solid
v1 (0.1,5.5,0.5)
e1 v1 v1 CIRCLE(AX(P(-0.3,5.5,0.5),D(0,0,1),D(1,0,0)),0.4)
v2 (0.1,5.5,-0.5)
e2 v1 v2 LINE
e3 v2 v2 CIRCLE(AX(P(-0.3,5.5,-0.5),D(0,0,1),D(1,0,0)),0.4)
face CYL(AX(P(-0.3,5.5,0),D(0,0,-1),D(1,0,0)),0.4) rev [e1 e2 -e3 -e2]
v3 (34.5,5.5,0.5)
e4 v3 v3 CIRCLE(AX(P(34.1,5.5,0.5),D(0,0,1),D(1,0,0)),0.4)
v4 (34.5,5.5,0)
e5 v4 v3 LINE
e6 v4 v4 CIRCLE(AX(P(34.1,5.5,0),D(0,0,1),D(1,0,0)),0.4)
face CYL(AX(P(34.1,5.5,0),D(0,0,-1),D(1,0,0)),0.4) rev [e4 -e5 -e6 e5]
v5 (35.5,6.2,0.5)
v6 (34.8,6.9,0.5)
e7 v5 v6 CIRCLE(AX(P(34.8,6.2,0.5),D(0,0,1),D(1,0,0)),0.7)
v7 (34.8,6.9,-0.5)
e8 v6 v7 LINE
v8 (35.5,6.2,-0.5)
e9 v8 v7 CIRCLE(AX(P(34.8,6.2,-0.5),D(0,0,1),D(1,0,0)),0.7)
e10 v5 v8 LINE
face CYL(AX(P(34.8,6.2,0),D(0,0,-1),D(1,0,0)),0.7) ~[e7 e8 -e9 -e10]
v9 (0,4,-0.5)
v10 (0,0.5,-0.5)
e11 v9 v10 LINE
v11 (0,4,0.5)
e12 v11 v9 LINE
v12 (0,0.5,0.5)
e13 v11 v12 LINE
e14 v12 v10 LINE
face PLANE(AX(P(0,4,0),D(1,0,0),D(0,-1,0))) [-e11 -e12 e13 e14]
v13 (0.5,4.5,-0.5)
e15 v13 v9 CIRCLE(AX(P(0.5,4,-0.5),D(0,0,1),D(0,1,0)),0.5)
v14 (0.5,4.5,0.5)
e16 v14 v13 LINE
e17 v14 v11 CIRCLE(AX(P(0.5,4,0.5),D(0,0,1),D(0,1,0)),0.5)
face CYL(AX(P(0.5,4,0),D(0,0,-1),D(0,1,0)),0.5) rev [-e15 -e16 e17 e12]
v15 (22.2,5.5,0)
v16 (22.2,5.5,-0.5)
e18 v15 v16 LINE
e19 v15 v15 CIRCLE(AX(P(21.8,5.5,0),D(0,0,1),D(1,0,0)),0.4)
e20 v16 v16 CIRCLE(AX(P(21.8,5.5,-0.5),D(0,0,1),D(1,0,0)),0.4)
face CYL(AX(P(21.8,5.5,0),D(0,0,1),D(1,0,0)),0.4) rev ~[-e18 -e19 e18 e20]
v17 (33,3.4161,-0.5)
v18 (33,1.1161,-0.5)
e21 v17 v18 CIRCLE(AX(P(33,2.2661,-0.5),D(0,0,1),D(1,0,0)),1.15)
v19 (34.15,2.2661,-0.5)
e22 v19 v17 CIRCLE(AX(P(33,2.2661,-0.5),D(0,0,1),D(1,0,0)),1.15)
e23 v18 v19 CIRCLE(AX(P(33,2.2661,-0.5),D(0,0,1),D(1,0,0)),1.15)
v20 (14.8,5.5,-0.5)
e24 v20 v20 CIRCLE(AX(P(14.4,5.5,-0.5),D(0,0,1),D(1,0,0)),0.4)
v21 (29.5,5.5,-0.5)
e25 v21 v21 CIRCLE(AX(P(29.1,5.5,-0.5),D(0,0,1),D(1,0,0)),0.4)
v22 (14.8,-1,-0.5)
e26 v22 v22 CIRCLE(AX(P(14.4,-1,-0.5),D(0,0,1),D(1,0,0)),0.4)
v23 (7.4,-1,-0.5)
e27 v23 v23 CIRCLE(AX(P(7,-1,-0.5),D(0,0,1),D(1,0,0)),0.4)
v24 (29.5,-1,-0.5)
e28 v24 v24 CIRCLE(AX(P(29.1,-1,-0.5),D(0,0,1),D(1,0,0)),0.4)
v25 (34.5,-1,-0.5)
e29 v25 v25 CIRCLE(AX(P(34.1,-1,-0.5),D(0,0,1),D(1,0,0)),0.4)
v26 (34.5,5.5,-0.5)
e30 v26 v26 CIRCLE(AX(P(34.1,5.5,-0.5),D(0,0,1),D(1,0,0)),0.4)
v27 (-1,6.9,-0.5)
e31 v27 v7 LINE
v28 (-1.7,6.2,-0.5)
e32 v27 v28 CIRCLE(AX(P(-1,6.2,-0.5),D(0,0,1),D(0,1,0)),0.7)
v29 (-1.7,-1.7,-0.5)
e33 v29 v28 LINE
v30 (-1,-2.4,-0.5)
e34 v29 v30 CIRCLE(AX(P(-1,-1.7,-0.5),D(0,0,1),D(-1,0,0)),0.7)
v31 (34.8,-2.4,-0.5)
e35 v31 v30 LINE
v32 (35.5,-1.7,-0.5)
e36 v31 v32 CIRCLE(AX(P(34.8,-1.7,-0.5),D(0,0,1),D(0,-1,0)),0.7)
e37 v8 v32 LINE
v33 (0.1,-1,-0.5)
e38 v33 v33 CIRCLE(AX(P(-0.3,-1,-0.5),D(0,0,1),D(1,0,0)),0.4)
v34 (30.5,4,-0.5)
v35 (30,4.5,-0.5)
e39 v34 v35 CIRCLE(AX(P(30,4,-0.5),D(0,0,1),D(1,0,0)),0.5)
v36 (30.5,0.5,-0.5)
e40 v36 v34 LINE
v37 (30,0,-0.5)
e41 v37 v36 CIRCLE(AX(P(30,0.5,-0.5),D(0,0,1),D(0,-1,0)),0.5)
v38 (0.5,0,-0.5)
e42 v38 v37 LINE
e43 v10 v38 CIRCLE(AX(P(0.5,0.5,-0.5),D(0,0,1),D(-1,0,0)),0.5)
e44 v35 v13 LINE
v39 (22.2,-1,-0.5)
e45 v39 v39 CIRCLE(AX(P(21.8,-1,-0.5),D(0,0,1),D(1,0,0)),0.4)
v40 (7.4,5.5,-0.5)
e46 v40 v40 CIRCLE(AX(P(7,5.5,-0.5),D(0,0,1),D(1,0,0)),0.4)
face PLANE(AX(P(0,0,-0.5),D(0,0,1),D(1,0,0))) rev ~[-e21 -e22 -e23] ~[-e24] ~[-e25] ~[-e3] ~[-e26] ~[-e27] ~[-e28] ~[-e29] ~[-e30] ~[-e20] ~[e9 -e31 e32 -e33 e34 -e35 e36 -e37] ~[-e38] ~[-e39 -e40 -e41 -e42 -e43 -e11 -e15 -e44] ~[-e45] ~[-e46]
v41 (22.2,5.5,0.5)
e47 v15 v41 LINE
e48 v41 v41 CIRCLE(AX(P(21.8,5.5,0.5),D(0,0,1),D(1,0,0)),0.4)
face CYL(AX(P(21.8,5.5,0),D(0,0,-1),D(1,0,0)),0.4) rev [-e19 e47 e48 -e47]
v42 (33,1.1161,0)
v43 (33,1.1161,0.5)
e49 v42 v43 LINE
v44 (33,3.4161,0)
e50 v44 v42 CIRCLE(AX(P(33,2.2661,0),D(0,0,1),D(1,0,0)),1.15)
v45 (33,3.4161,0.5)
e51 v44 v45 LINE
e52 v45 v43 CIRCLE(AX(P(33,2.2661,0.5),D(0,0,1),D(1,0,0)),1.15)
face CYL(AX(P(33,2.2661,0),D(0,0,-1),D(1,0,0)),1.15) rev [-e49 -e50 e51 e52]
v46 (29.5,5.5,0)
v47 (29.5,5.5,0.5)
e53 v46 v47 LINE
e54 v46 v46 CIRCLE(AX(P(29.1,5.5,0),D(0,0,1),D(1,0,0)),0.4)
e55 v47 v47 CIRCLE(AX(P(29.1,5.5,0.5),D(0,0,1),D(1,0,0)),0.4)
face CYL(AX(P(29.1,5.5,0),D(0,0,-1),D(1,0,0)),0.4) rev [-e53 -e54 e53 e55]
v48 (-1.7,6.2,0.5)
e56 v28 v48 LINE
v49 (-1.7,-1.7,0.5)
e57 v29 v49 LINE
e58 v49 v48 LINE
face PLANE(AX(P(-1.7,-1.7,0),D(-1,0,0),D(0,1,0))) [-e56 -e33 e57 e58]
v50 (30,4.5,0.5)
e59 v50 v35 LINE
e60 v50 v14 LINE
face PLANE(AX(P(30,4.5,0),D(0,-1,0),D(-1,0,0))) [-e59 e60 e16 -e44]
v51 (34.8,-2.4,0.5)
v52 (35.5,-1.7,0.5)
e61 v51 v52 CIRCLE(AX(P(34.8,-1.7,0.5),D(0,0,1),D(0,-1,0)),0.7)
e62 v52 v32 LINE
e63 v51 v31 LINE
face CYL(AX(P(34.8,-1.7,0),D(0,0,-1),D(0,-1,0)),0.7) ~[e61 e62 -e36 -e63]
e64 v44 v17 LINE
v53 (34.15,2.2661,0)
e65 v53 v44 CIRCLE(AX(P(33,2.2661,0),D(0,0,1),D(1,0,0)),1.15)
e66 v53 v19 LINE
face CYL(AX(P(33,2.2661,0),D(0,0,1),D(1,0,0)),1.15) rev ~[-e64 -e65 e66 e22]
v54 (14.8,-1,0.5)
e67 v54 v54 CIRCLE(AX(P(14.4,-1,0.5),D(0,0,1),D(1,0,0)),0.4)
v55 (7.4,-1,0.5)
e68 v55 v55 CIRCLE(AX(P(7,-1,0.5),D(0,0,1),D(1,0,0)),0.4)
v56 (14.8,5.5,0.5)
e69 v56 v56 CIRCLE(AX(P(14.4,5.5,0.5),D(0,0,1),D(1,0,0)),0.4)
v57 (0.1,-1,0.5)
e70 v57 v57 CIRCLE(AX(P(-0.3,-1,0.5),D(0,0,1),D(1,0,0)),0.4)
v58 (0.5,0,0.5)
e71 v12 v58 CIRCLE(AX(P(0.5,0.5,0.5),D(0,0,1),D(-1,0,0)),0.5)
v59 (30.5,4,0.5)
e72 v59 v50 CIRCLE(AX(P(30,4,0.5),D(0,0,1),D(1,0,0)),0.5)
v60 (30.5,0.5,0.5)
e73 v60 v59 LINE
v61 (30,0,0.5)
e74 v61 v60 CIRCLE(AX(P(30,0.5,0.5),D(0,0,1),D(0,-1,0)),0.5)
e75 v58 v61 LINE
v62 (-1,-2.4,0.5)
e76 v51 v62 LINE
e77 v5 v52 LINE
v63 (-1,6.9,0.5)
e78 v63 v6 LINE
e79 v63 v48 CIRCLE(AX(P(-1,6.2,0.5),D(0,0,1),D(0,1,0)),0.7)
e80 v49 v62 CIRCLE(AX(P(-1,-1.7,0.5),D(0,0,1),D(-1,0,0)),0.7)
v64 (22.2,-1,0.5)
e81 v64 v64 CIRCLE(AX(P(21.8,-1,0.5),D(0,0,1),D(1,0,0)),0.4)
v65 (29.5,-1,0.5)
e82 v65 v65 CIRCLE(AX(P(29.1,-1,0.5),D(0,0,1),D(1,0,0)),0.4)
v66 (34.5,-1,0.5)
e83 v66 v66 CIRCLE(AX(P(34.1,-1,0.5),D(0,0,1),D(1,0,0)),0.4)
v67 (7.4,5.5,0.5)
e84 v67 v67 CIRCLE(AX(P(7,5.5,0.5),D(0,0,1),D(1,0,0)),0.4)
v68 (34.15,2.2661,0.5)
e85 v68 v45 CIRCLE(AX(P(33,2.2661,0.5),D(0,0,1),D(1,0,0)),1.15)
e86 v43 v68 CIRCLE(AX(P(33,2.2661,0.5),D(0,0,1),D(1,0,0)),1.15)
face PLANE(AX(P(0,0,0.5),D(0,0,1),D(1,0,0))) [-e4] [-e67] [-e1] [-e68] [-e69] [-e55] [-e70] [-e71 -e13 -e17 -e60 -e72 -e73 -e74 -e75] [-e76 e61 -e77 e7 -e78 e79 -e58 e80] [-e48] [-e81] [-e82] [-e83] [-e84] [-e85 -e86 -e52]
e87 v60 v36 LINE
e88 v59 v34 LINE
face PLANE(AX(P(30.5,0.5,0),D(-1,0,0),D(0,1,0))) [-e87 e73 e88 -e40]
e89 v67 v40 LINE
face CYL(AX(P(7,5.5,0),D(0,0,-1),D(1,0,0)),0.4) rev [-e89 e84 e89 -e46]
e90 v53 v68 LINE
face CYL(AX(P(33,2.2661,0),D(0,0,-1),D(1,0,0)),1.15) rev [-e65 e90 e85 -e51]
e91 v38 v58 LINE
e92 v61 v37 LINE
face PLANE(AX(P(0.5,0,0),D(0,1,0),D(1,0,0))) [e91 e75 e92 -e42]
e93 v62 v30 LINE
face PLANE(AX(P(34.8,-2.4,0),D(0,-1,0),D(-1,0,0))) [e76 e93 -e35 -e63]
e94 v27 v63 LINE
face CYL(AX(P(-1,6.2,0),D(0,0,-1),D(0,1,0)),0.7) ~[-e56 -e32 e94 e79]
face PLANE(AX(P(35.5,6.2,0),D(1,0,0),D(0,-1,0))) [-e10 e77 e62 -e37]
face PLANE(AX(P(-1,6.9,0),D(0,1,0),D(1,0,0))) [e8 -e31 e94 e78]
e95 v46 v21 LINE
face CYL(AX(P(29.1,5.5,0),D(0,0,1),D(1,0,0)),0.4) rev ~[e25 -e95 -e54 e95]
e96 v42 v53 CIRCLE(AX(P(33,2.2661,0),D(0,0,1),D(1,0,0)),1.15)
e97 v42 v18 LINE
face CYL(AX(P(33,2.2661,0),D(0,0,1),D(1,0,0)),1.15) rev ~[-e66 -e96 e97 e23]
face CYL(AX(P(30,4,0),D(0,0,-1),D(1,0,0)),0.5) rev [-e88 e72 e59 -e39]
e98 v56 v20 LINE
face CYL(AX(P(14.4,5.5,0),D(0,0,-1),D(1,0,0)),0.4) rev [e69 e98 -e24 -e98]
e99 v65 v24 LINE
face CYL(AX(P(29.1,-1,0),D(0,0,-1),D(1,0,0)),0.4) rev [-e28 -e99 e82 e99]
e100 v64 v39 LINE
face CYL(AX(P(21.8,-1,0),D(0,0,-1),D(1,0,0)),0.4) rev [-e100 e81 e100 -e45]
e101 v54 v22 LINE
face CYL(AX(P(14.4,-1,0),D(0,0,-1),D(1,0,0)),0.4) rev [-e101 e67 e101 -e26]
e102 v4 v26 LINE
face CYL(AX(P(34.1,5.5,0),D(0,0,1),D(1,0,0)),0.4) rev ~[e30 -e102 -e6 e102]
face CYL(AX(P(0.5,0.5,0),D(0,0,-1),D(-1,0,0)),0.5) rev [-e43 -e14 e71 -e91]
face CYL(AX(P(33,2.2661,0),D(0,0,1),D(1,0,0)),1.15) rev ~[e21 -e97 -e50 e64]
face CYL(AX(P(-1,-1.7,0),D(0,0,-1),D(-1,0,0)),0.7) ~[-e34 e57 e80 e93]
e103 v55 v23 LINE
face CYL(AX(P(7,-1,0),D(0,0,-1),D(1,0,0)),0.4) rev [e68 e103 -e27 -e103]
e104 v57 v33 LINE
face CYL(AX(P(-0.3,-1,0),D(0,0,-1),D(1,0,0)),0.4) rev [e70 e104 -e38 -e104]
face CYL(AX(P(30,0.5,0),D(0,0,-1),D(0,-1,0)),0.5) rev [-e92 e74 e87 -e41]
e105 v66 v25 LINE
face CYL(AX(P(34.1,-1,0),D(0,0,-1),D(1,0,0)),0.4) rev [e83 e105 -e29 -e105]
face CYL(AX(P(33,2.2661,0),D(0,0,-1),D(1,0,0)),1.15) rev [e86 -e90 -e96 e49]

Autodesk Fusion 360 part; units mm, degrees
sketch "Sketch1" plane through (0, 0, 0) normal (0, 0, 1) x (1, 0, 0)
  line L0 (0.5, 0) -> (30, 0)
  line L1 (30.5, 0.5) -> (30.5, 4)
  line L2 (30, 4.5) -> (0.5, 4.5)
  line L3 (0, 4) -> (0, 0.5)
  arc A0 (0, 0.5) -> (0.5, 0) centre (0.5, 0.5) ccw
  arc A1 (0.5, 4.5) -> (0, 4) centre (0.5, 4) ccw
  arc A2 (30.5, 4) -> (30, 4.5) centre (30, 4) ccw
  arc A3 (30, 0) -> (30.5, 0.5) centre (30, 0.5) ccw
  line L4 (-18.1072, 2.25) -> (79.1072, 2.25) construction
  circle A4 centre (14.4, -1) radius 0.4
  circle A5 centre (-0.3, -1) radius 0.4
  circle A6 centre (7, -1) radius 0.4
  circle A7 centre (21.8, -1) radius 0.4
  circle A8 centre (29.1, -1) radius 0.4
  circle A9 centre (34.1, -1) radius 0.4
  line L5 (-2.117, -1) -> (37.883, -1) construction
  circle A10 centre (34.1, 5.5) radius 0.4
  circle A11 centre (29.1, 5.5) radius 0.4
  circle A12 centre (21.8, 5.5) radius 0.4
  circle A13 centre (14.4, 5.5) radius 0.4
  circle A14 centre (7, 5.5) radius 0.4
  circle A15 centre (-0.3, 5.5) radius 0.4
  line L6 (24, 2.25) -> (37, 2.25) construction
  line L7 (33, 4.7661) -> (33, -0.2339)
  line L8 (-1, 6.9) -> (34.8, 6.9)
  line L9 (35.5, 6.2) -> (35.5, -1.7)
  line L10 (34.8, -2.4) -> (-1, -2.4)
  line L11 (-1.7, -1.7) -> (-1.7, 6.2)
  arc A16 (-1, 6.9) -> (-1.7, 6.2) centre (-1, 6.2) ccw
  arc A17 (-1.7, -1.7) -> (-1, -2.4) centre (-1, -1.7) ccw
  arc A18 (34.8, -2.4) -> (35.5, -1.7) centre (34.8, -1.7) ccw
  arc A19 (35.5, 6.2) -> (34.8, 6.9) centre (34.8, 6.2) ccw
  circle A20 centre (33, 2.2661) radius 1.15
  point P0 (30.5, 0)
  point P1 (0, 4.5)
  point P2 (-1.7, 6.9)
  point P3 (35.5, 6.9)
  point P4 (-1.7, -2.4)
  dimension "d1" = 30.5
  dimension "d2" = 4.5
  dimension "d3" = 0.5
  dimension "d4" = 0.5
  dimension "d5" = 0.5
  dimension "d6" = 0.5
  dimension "d7" = 0.8
  dimension "d8" = 0.8
  dimension "d9" = 0.8
  dimension "d10" = 0.8
  dimension "d11" = 0.8
  dimension "d12" = 0.8
  dimension "d13" = 5
  dimension "d14" = 12.3
  dimension "d15" = 19.7
  dimension "d16" = 27.1
  dimension "d17" = 34.4
  dimension "d18" = 3.6
  dimension "d20" = 5.5
  dimension "d21" = 6.5
  dimension "d22" = 37.2
  dimension "d23" = 9.3
  dimension "d24" = 1.4
  dimension "d25" = 1.4
  dimension "d27" = 1.4
  dimension "d28" = 0.7
  dimension "d29" = 0.7
  dimension "d30" = 0.7
  dimension "d31" = 0.7
  dimension "d32" = 2.5
  dimension "d33" = 2.3
  dimension "d34" = 33.4598
extrude "Extrude1" add sketch "Sketch1" along normal mid plane 1
